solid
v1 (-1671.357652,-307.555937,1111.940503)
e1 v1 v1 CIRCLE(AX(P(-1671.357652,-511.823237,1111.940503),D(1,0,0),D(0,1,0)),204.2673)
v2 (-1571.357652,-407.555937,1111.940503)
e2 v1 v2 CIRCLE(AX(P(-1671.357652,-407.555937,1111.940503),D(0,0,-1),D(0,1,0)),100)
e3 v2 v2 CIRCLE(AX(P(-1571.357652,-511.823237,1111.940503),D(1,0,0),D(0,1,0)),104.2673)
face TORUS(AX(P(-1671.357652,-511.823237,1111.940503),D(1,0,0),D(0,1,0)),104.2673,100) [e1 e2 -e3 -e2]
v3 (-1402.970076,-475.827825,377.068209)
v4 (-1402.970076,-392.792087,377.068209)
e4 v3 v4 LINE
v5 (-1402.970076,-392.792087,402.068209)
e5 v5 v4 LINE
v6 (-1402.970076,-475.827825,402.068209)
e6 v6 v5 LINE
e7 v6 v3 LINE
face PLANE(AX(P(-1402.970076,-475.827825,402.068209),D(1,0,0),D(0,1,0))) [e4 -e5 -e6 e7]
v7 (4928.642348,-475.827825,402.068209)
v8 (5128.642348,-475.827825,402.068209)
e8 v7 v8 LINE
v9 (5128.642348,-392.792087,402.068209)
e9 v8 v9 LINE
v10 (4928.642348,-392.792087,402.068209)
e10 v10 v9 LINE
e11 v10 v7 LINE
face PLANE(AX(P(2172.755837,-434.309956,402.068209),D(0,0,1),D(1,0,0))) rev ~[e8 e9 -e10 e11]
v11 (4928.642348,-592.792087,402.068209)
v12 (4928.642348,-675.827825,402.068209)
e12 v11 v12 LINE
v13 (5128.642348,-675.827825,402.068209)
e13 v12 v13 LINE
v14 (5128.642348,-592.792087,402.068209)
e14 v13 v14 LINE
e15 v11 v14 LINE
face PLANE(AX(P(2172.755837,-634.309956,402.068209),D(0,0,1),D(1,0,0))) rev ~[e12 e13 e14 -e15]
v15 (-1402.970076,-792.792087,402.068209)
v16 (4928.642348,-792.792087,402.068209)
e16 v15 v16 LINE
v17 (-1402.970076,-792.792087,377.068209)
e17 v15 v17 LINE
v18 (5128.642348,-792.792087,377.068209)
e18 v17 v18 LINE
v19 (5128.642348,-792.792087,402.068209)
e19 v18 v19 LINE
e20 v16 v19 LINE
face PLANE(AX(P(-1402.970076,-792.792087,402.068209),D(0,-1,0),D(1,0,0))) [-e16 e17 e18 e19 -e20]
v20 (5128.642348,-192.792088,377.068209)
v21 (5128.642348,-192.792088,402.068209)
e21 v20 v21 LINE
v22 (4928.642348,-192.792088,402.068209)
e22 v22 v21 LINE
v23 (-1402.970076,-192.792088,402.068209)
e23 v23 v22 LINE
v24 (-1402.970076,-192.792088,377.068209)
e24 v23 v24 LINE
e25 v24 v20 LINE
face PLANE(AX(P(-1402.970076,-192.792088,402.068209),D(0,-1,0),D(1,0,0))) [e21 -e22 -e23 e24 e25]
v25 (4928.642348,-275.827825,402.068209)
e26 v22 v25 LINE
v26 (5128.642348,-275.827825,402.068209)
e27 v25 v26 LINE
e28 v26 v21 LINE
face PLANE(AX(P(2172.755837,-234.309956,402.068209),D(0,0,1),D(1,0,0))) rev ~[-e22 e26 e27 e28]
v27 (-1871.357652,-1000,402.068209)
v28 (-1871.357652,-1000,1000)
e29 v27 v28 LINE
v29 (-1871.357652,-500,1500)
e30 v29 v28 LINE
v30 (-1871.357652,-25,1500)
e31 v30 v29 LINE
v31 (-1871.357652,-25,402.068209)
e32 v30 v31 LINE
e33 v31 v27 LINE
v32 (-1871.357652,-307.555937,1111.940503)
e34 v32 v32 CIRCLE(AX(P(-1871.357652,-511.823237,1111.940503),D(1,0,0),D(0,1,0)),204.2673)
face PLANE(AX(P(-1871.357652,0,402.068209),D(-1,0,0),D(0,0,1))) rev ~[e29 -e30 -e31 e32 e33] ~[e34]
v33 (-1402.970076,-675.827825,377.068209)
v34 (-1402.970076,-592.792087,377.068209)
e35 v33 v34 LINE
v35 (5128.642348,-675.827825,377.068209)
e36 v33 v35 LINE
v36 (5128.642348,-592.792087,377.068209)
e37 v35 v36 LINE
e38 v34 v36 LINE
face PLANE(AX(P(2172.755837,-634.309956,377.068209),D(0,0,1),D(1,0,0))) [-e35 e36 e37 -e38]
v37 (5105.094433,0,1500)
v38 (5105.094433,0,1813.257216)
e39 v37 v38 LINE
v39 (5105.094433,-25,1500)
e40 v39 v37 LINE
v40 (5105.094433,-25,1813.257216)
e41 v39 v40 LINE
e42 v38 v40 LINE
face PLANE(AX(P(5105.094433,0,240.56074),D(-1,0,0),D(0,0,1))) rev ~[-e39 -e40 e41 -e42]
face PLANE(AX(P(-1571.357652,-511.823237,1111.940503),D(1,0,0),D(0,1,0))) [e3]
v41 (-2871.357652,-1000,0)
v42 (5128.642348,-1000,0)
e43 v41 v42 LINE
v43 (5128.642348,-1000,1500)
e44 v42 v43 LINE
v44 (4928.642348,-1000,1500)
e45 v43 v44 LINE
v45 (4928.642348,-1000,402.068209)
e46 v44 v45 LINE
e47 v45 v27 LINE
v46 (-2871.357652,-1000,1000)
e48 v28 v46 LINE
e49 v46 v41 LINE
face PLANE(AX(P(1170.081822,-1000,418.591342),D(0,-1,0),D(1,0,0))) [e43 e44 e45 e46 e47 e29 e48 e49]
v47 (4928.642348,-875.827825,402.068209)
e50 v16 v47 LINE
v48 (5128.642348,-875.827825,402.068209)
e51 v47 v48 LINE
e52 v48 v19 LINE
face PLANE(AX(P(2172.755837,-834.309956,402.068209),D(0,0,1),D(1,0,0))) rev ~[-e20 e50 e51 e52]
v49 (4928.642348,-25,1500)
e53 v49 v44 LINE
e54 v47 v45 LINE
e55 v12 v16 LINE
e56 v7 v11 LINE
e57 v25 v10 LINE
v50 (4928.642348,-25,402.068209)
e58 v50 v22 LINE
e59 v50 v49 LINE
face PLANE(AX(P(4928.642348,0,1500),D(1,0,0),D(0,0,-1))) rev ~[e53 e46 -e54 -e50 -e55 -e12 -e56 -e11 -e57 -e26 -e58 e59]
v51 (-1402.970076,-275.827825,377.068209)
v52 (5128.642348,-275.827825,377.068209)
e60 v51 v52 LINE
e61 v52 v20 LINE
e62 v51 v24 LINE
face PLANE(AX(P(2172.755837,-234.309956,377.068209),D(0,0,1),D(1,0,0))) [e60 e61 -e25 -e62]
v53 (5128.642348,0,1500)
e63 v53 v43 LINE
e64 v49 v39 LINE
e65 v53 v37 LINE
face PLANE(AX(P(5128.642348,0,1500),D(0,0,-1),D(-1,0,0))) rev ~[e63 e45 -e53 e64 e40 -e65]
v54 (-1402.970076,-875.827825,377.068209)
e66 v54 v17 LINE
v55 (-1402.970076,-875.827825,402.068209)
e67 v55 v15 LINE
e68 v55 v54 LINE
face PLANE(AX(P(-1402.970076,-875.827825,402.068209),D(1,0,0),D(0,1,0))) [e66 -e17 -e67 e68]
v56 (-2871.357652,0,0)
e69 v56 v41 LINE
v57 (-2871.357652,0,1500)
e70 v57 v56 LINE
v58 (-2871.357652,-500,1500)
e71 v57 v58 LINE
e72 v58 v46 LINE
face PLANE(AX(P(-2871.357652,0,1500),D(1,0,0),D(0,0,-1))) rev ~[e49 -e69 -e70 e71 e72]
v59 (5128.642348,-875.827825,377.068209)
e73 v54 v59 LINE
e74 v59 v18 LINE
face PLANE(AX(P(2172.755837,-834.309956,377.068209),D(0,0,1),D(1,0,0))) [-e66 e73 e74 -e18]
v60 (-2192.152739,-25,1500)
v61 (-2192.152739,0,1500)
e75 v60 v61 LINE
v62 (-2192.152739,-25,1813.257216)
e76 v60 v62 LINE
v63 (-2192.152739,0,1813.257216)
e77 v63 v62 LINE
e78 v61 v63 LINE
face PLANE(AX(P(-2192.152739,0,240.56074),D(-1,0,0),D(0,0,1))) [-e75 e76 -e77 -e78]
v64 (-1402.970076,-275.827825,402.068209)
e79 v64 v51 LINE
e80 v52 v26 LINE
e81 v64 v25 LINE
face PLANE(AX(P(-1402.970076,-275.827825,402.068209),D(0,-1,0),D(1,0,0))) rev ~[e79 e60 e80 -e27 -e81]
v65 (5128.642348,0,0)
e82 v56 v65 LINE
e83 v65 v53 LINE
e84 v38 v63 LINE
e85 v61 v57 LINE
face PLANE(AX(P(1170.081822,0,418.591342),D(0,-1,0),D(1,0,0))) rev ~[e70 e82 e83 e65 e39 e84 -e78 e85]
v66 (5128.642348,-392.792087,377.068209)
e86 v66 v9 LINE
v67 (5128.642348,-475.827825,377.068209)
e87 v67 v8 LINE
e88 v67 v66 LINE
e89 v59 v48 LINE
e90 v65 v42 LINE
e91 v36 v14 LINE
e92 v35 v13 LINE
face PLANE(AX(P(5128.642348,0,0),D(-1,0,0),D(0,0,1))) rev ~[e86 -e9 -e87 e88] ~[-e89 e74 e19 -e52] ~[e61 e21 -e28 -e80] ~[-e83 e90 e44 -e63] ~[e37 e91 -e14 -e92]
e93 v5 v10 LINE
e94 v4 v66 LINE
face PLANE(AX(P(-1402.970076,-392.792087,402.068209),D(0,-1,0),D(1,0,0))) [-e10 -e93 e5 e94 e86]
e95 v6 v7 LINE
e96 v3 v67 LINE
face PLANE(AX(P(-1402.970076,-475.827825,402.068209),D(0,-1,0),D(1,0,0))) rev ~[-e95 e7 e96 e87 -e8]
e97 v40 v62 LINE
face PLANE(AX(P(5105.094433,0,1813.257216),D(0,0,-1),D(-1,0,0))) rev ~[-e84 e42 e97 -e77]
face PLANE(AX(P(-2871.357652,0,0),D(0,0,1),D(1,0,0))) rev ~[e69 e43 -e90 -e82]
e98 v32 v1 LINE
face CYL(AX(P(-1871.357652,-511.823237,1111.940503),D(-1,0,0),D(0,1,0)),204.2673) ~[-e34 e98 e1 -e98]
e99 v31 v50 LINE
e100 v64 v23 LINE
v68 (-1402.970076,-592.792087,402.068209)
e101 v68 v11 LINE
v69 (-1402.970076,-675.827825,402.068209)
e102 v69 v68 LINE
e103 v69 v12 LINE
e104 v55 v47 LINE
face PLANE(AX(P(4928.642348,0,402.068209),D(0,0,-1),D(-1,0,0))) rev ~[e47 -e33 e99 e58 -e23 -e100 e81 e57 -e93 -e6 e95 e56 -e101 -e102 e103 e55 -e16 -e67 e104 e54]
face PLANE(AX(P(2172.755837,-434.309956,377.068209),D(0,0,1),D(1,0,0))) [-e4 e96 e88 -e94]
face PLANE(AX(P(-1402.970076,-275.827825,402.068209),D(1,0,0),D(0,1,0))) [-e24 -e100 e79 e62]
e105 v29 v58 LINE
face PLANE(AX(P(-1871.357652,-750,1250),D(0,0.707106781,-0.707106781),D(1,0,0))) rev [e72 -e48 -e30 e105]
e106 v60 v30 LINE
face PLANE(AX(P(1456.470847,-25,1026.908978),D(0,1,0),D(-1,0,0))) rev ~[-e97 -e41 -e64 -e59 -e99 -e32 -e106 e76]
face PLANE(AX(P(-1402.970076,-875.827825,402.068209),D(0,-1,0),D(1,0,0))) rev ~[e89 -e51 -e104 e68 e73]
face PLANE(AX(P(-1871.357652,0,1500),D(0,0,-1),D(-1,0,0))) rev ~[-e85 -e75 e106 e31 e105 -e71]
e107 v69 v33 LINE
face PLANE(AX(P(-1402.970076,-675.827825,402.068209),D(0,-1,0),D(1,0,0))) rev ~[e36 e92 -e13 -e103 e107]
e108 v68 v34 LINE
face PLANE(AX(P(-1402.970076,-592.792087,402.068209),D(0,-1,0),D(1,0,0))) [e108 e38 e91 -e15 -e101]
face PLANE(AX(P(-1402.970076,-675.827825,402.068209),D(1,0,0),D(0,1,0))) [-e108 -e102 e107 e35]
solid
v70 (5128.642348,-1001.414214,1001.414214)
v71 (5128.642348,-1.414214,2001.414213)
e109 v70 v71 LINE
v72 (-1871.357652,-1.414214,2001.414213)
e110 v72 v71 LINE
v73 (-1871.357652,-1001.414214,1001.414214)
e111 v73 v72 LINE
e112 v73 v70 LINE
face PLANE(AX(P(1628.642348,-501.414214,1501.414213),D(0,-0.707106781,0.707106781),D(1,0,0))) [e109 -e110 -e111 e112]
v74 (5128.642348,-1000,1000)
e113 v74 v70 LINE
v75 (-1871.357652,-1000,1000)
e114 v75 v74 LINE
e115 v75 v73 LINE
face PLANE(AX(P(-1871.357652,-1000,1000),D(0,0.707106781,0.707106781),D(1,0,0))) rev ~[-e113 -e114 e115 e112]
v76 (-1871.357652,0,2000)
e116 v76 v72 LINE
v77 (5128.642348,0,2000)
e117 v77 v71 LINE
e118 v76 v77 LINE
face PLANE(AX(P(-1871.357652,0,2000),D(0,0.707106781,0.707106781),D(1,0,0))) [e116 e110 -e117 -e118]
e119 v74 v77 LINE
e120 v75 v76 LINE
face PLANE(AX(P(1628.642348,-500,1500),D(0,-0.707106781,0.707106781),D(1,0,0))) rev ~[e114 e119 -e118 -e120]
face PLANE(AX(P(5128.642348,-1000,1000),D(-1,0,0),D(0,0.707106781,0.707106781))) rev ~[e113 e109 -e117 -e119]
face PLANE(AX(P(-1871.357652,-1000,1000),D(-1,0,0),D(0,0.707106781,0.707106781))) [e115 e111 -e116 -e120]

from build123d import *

# Parameters (mm, degrees)
F1_DEPTH  = 1000
F2_W      = 7297.247172
F2_H      = 1572.696477
F3_DEPTH  = 25
F4_R      = 204.2673
F5_DEPTH  = 300
F6_SIZE   = 500
F7_R      = 100
F8_W      = 7151.451826
F8_H      = 83.035737
F9_DEPTH  = 25
F10_W     = 7000
F10_H     = 1414.213562
F11_DEPTH = 2


with BuildPart() as f1:
    # F0 (on Front) → F1 (new body)
    with BuildSketch(Plane.XZ):
        Polygon((-1871.357652, 1500), (-2871.357652, 1500), (-2871.357652, 0), (5128.642348, 0), (5128.642348, 1500), (4928.642348, 1500), (4928.642348, 402.068209), (-1871.357652, 402.068209), align=None)
    extrude(amount=F1_DEPTH)

    # F2 (on face) → F3 (join)
    with BuildSketch(Plane(origin=(0, 0, 0), x_dir=(-1, 0, 0), z_dir=(0, 1, 0))):
        with Locations((-1456.470847, 1026.908978)):
            Rectangle(F2_W, F2_H)
    extrude(amount=-F3_DEPTH)

    # F4 (on face) → F5 (join)
    with BuildSketch(Plane.YZ.offset(-1871.357652)):
        with Locations((-511.823237, 1111.940503)):
            Circle(F4_R)
    extrude(amount=F5_DEPTH)

    # F6
    f6_edges = [f1.edges().sort_by_distance(p)[0] for p in [
        (-2371.357652, -1000, 1500),
    ]]
    chamfer(f6_edges, length=F6_SIZE)

    # F7
    f7_edges = [f1.edges().sort_by_distance(p)[0] for p in [
        (-1571.357652, -716.090537, 1111.940503),
    ]]
    fillet(f7_edges, radius=F7_R)

    # F8 (on face) → F9 (cut)
    with BuildSketch(Plane.XY.offset(402.068209)):
        with Locations((2172.755837, -234.309956)):
            Rectangle(F8_W, F8_H)
        with Locations((2172.755837, -434.309956)):
            Rectangle(F8_W, F8_H)
        with Locations((2172.755837, -634.309956)):
            Rectangle(F8_W, F8_H)
        with Locations((2172.755837, -834.309956)):
            Rectangle(F8_W, F8_H)
    extrude(amount=-F9_DEPTH, mode=Mode.SUBTRACT)


with BuildPart() as f11:
    # F10 (on face) → F11 (new body)
    with BuildSketch(Plane(origin=(0, -1000, 1000), x_dir=(1, 0, 0), z_dir=(0, -0.707107, 0.707107))):
        with Locations((1628.642348, 707.106781)):
            Rectangle(F10_W, F10_H)
    extrude(amount=F11_DEPTH)


solid = Compound([f1.part, f11.part])
